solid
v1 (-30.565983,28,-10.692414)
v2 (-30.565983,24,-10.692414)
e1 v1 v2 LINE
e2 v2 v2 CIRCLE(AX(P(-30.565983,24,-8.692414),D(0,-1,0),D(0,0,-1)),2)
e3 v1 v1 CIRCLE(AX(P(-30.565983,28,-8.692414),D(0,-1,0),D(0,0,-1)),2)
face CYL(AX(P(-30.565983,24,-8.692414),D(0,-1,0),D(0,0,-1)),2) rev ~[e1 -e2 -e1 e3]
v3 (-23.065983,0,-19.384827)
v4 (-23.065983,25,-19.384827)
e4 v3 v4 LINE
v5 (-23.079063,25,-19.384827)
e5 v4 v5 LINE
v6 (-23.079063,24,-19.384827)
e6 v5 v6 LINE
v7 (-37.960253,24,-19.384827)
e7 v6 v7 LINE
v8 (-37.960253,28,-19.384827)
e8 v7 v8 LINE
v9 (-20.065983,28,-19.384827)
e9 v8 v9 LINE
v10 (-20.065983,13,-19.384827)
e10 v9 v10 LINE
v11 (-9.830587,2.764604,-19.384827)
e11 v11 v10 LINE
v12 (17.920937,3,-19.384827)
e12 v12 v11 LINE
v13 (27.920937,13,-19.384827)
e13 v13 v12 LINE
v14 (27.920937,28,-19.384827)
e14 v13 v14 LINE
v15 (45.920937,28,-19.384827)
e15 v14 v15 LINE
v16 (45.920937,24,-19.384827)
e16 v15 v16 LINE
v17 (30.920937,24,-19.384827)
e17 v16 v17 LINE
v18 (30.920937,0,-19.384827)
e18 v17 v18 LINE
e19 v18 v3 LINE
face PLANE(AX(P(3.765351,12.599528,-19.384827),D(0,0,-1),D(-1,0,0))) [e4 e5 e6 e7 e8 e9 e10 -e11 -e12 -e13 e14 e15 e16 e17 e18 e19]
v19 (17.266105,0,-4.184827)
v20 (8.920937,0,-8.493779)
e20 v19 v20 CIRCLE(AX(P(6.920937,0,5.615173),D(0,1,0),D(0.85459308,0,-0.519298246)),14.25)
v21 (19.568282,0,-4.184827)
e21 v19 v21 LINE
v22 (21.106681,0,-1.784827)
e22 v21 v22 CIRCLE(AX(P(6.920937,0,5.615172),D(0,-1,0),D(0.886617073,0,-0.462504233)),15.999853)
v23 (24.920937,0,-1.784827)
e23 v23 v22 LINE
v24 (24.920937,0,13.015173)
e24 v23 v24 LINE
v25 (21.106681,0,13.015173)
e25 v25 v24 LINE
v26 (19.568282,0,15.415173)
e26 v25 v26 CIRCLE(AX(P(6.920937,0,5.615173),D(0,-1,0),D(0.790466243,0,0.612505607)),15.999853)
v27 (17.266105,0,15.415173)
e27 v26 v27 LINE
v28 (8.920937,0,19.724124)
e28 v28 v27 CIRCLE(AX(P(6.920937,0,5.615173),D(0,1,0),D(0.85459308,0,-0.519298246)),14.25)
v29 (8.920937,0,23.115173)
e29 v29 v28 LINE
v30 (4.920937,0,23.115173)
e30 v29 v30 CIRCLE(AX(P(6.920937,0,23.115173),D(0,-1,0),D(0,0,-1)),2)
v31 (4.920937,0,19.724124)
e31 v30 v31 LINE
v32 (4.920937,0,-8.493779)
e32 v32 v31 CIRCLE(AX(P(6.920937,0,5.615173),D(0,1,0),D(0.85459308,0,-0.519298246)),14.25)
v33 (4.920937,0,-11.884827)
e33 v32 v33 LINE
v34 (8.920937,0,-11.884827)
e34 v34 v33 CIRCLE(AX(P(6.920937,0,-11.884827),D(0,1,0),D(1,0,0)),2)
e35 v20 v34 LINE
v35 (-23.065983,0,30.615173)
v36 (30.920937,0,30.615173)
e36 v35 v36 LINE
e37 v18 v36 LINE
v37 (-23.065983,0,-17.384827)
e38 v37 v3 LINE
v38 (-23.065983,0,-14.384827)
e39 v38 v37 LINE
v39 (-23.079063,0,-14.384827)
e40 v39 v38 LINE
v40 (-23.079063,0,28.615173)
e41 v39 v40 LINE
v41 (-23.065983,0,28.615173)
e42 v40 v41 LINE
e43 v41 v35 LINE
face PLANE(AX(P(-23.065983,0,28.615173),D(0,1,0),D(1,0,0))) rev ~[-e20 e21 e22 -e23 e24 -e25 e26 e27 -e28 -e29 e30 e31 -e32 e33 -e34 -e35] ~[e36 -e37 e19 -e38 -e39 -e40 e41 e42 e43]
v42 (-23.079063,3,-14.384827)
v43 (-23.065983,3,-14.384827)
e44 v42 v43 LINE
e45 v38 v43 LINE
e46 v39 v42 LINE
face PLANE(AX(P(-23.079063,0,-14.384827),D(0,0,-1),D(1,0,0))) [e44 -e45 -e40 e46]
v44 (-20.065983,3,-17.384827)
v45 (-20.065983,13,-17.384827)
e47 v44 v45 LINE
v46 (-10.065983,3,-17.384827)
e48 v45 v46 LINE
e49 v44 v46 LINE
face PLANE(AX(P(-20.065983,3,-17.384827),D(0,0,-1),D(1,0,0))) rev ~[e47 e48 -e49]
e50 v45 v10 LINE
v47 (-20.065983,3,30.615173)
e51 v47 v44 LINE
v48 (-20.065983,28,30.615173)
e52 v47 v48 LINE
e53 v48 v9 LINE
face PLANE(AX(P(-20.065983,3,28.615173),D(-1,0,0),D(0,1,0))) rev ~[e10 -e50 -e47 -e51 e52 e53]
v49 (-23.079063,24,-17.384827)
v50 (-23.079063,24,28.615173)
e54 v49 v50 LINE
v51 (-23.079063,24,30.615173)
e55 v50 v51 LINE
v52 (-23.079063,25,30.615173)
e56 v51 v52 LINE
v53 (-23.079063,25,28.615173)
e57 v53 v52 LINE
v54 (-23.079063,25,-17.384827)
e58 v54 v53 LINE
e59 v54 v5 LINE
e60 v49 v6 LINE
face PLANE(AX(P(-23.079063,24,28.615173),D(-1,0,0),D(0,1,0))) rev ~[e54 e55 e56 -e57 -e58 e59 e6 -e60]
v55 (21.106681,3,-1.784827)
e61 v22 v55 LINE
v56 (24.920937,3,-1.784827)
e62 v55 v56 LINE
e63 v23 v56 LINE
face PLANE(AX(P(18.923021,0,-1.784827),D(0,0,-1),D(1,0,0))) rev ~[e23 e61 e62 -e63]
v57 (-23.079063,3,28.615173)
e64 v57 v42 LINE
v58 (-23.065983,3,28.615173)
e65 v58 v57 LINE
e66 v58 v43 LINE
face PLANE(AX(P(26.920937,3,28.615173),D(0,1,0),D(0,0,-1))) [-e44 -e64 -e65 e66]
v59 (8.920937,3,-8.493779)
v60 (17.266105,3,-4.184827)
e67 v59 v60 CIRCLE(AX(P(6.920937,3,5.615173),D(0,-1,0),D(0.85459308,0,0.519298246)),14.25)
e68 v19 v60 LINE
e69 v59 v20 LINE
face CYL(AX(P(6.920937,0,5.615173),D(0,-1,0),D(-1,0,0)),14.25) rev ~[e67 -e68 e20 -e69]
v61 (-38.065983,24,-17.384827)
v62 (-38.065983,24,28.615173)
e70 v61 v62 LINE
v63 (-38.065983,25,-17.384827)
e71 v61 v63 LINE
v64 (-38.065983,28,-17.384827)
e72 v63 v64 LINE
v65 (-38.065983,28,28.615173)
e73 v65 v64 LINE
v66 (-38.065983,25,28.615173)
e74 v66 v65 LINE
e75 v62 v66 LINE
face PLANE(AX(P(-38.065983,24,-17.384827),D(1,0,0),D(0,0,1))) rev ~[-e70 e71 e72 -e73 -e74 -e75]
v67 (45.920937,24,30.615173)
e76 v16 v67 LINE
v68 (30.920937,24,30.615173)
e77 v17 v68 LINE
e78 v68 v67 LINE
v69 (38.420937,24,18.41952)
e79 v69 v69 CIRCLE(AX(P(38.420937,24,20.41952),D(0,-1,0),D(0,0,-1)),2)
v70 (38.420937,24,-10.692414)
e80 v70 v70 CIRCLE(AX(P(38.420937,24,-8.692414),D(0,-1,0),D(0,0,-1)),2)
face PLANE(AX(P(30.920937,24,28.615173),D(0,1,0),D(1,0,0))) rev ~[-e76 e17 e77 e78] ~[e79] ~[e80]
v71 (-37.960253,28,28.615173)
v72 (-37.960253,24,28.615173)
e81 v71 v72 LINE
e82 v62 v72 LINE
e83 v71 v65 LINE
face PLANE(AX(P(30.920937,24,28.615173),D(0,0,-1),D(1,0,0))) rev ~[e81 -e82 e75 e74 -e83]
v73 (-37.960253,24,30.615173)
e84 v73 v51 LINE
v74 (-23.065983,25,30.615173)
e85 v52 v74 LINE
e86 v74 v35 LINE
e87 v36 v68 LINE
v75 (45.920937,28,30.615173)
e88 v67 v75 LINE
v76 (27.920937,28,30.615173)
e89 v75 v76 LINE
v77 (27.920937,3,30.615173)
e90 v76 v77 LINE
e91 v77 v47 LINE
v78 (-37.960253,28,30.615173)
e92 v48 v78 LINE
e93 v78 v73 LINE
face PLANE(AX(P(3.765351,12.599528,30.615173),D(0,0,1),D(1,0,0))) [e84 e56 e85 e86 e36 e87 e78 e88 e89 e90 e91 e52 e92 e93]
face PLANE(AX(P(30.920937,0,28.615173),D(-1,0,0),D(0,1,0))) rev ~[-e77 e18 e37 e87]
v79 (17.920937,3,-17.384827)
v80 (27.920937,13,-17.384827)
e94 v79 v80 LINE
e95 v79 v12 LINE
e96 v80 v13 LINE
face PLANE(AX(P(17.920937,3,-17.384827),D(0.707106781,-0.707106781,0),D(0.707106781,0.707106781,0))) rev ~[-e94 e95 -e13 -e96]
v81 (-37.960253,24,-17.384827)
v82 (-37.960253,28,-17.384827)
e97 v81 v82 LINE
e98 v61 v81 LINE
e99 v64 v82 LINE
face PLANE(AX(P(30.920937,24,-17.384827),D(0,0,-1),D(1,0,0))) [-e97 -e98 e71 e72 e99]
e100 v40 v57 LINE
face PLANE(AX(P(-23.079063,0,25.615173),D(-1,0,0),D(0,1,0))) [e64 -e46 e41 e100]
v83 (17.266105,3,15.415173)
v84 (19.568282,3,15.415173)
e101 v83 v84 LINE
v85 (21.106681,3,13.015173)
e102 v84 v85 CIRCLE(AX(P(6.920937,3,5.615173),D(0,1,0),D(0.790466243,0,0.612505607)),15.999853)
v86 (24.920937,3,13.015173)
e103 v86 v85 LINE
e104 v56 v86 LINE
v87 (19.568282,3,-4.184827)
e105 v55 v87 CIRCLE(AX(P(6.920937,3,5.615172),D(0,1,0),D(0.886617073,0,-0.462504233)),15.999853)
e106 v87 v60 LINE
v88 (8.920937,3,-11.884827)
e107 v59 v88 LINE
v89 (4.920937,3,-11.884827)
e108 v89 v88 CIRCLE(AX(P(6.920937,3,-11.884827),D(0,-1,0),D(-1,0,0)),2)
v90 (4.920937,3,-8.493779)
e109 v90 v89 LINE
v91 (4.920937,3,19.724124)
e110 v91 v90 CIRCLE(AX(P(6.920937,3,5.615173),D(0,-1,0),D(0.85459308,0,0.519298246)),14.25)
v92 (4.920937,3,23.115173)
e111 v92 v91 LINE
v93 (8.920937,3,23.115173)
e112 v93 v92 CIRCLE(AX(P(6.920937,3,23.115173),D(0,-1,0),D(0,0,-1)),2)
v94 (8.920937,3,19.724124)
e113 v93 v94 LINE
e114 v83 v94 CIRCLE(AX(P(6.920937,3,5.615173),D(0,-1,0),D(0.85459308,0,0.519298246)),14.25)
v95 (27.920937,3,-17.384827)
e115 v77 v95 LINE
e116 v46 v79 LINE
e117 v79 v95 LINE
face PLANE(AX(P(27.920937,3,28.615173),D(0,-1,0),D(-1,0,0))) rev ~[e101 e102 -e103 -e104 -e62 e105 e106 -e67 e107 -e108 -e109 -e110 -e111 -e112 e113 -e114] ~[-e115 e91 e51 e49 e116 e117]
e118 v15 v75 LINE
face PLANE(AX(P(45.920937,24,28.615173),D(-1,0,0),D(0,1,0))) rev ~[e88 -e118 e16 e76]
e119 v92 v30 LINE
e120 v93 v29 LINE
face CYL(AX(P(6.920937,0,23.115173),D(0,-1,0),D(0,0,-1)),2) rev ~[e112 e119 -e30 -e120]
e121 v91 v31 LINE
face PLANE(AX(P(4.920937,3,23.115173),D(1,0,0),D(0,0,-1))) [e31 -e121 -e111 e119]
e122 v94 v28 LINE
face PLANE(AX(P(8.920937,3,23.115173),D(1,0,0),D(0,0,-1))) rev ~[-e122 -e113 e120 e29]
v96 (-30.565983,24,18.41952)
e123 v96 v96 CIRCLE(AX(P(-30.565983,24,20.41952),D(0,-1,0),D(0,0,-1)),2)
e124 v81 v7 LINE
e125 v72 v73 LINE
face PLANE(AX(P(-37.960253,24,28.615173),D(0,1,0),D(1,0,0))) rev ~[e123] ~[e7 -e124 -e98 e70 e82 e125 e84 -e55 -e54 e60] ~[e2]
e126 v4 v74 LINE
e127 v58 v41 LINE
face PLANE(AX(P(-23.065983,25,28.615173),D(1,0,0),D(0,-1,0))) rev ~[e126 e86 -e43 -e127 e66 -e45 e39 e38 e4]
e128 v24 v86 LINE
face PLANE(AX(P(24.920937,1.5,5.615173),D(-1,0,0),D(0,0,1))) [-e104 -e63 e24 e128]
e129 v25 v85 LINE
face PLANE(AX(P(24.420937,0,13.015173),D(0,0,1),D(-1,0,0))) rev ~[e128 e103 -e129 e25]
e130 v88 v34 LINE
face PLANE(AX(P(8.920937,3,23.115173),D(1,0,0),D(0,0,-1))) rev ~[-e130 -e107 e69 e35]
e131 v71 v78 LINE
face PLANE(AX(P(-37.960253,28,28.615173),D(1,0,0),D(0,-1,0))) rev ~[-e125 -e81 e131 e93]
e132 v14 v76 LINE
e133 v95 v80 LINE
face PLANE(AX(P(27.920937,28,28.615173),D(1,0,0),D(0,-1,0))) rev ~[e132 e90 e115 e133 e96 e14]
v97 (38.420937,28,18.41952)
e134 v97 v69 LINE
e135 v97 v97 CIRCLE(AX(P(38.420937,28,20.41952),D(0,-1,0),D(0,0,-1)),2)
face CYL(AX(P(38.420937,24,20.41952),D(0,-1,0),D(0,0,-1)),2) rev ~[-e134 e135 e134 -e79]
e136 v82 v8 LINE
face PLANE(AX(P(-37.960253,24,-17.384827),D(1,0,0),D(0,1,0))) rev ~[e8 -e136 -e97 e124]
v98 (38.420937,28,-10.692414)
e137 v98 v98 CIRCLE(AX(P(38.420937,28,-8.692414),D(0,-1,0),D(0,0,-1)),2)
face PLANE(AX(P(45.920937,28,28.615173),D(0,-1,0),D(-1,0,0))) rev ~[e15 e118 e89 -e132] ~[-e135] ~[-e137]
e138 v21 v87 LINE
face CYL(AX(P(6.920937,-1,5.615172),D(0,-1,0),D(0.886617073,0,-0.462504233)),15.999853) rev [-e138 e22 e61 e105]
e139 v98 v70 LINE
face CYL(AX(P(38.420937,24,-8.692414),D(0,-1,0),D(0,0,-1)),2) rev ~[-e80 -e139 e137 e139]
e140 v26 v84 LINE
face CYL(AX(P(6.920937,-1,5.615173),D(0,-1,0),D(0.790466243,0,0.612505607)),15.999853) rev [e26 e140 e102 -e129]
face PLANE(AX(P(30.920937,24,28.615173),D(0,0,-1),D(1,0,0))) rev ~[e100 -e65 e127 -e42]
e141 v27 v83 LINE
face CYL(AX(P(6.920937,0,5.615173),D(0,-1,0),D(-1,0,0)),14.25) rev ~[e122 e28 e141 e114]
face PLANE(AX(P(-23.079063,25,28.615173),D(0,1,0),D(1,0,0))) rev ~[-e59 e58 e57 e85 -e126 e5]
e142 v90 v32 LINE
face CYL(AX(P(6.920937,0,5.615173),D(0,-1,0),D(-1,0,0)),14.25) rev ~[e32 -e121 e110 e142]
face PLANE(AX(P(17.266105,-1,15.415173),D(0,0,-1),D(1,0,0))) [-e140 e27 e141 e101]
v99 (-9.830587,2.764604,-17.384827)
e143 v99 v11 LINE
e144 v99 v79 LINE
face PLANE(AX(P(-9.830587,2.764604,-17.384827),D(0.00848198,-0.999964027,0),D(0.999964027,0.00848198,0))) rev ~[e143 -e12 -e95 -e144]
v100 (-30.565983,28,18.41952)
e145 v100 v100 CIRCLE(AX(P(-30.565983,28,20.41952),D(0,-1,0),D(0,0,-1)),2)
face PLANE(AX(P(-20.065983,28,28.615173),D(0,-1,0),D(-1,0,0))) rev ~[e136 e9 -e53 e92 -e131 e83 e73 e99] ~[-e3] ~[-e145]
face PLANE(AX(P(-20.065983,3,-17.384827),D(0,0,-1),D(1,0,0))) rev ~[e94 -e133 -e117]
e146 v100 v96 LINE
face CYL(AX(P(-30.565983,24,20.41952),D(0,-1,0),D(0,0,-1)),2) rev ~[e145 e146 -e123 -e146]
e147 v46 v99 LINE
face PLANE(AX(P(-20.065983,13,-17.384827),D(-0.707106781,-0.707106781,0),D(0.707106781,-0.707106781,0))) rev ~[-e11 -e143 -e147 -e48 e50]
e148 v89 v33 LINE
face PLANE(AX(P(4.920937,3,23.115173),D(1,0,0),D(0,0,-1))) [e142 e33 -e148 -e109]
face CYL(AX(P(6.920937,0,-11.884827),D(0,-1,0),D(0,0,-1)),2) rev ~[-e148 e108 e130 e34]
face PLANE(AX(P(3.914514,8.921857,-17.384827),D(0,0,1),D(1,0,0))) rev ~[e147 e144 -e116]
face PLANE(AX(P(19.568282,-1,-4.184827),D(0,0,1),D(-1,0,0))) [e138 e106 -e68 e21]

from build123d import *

# Parameters (mm, degrees)
SKETCH1_W            = 50
SKETCH1_H            = 40
BOSS_EXTRUDE1_DEPTH  = 3
SKETCH6_R            = 2
CUT_EXTRUDE9_DEPTH   = 5
SKETCH16_W           = 14.8
SKETCH16_H           = 3
CUT_EXTRUDE10_DEPTH  = 0.5
SKETCH21_R           = 14.25
CUT_EXTRUDE15_DEPTH  = 4
CUT_EXTRUDE16_START  = -4
CUT_EXTRUDE16_DEPTH  = 4
SKETCH33_W           = 4
SKETCH33_H           = 35
CUT_EXTRUDE23_DEPTH  = 5
SKETCH34_W           = 49.986920535
SKETCH34_H           = 3
BOSS_EXTRUDE2_DEPTH  = 3
SKETCH35_W           = 50
SKETCH35_H           = 3
BOSS_EXTRUDE3_DEPTH  = 3
SKETCH36_W           = 46
SKETCH36_H           = 3
BOSS_EXTRUDE4_DEPTH  = 4
SKETCH38_W           = 3
SKETCH38_H           = 46
BOSS_EXTRUDE5_DEPTH  = 25
SKETCH39_W           = 45.535565308
SKETCH39_H           = 3
BOSS_EXTRUDE6_DEPTH  = 15
SKETCH40_W           = 46
SKETCH40_H           = 3
BOSS_EXTRUDE7_DEPTH  = 15
SKETCH41_W           = 0.464434692
SKETCH41_H           = 3
BOSS_EXTRUDE8_DEPTH  = 15
SKETCH42_R           = 2
CUT_EXTRUDE24_DEPTH  = 15
SKETCH43_R           = 2
CUT_EXTRUDE25_DEPTH  = 15
BOSS_EXTRUDE10_START = 1
SKETCH44_W           = 14.986920535
SKETCH44_H           = 46
SKETCH44_R           = 2
BOSS_EXTRUDE10_DEPTH = 1
BOSS_EXTRUDE11_START = 1
SKETCH46_W           = 15
SKETCH46_H           = 46
SKETCH46_R           = 2
BOSS_EXTRUDE11_DEPTH = 1
BOSS_EXTRUDE12_DEPTH = 2
BOSS_EXTRUDE13_DEPTH = 2
SKETCH49_W           = 47.986920535
SKETCH49_H           = 2
BOSS_EXTRUDE14_DEPTH = 10
CUT_EXTRUDE26_DEPTH  = 10


with BuildPart() as part:
    # Sketch1 → Boss-Extrude1 (new body)
    with BuildSketch(Plane(origin=(0, 0, 0), x_dir=(1, 0, 0), z_dir=(0, 1, 0))):
        with Locations((1.920937393, -5.615172506)):
            Rectangle(SKETCH1_W, SKETCH1_H)
    extrude(amount=BOSS_EXTRUDE1_DEPTH)

    # Sketch6 → Cut-Extrude9 (cut)
    with BuildSketch(Plane.XZ):
        with Locations(Location((6.920937393, 23.115172506, 0), (0, 0, 270))):
            Circle(SKETCH6_R)
        with Locations(Location((6.920937393, -11.884827494, 0), (0, 0, 270))):
            Circle(SKETCH6_R)
        with BuildLine():
            Line((24.420937393, 13.015172506), (18.923020545, 13.015172506))
            ThreePointArc((18.923020545, 13.015172506), (-7.179062607, 5.615172506), (18.923020545, -1.784827494))
            Line((18.923020545, -1.784827494), (24.420937393, -1.784827494))
            Line((24.420937393, -1.784827494), (24.420937393, 5.615172506))
            Line((24.420937393, 5.615172506), (24.420937393, 13.015172506))
        make_face()
    extrude(amount=-CUT_EXTRUDE9_DEPTH, mode=Mode.SUBTRACT)

    # Sketch16 → Cut-Extrude10 (cut)
    with BuildSketch(Plane.ZY.offset(-24.420937393)):
        with Locations((5.615172506, 1.5)):
            Rectangle(SKETCH16_W, SKETCH16_H)
    extrude(amount=-CUT_EXTRUDE10_DEPTH, mode=Mode.SUBTRACT)

    # Sketch21 → Cut-Extrude15 (cut)
    with BuildSketch(Plane(origin=(0, 0, 0), x_dir=(-1, 0, 0), z_dir=(0, -1, 0))):
        with Locations((-6.920937393, -5.615172506)):
            Circle(SKETCH21_R)
    extrude(amount=-CUT_EXTRUDE15_DEPTH, mode=Mode.SUBTRACT)

    # Sketch22 → Cut-Extrude16 (cut)
    with BuildSketch(Plane(origin=(0, 3, 0), x_dir=(1, 0, 0), z_dir=(0, 1, 0)).offset(CUT_EXTRUDE16_START)):
        with BuildLine():
            ThreePointArc((21.106680727, 1.784827494), (20.39103932, 3.019158274), (19.568281538, 4.184827494))
            Line((19.568281538, 4.184827494), (17.266105347, 4.184827494))
            ThreePointArc((17.266105347, 4.184827494), (18.246250908, 3.03351374), (19.09888878, 1.784827494))
            Line((19.09888878, 1.784827494), (21.106680727, 1.784827494))
        make_face()
        with BuildLine():
            Line((17.266105347, -15.415172506), (19.568281538, -15.415172506))
            ThreePointArc((19.568281538, -15.415172506), (20.39103932, -14.249503286), (21.106680727, -13.015172506))
            Line((21.106680727, -13.015172506), (19.09888878, -13.015172506))
            ThreePointArc((19.09888878, -13.015172506), (18.246250908, -14.263858752), (17.266105347, -15.415172506))
        make_face()
    extrude(amount=CUT_EXTRUDE16_DEPTH, mode=Mode.SUBTRACT)

    # Sketch33 → Cut-Extrude23 (cut)
    with BuildSketch(Plane(origin=(0, 3, 0), x_dir=(1, 0, 0), z_dir=(0, 1, 0))):
        with Locations((6.920937393, -5.615172506)):
            Rectangle(SKETCH33_W, SKETCH33_H)
    extrude(amount=-CUT_EXTRUDE23_DEPTH, mode=Mode.SUBTRACT)

    # Sketch34 → Boss-Extrude2 (add)
    with BuildSketch(Plane(origin=(0, 0, -14.384827494), x_dir=(-1, 0, 0), z_dir=(0, 0, -1))):
        with Locations((-1.927477126, 1.5)):
            Rectangle(SKETCH34_W, SKETCH34_H)
    extrude(amount=BOSS_EXTRUDE2_DEPTH)

    # Sketch35 → Boss-Extrude3 (add)
    with BuildSketch(Plane.XY.offset(25.615172506)):
        with Locations((1.920937393, 1.5)):
            Rectangle(SKETCH35_W, SKETCH35_H)
    extrude(amount=BOSS_EXTRUDE3_DEPTH)

    # Sketch36 → Boss-Extrude4 (add)
    with BuildSketch(Plane(origin=(26.920937393, 0, 0), x_dir=(0, 0, -1), z_dir=(1, 0, 0))):
        with Locations((-5.615172506, 1.5)):
            Rectangle(SKETCH36_W, SKETCH36_H)
    extrude(amount=BOSS_EXTRUDE4_DEPTH)

    # Sketch38 → Boss-Extrude5 (add)
    with BuildSketch(Plane(origin=(0, 3, 0), x_dir=(1, 0, 0), z_dir=(0, 1, 0))):
        with Locations((29.420937393, -5.615172506)):
            Rectangle(SKETCH38_W, SKETCH38_H)
        with Locations((-21.565983142, -5.615172506)):
            Rectangle(SKETCH38_W, SKETCH38_H)
    extrude(amount=BOSS_EXTRUDE5_DEPTH)

    # Sketch39 → Boss-Extrude6 (add)
    with BuildSketch(Plane.ZY.offset(23.065983142)):
        with Locations((5.38295516, 26.5)):
            Rectangle(SKETCH39_W, SKETCH39_H)
    extrude(amount=BOSS_EXTRUDE6_DEPTH)

    # Sketch40 → Boss-Extrude7 (add)
    with BuildSketch(Plane(origin=(30.920937393, 0, 0), x_dir=(0, 0, -1), z_dir=(1, 0, 0))):
        with Locations((-5.615172506, 26.5)):
            Rectangle(SKETCH40_W, SKETCH40_H)
    extrude(amount=BOSS_EXTRUDE7_DEPTH)

    # Sketch41 → Boss-Extrude8 (add)
    with BuildSketch(Plane.ZY.offset(23.065983142)):
        with Locations((28.38295516, 26.5)):
            Rectangle(SKETCH41_W, SKETCH41_H)
    extrude(amount=BOSS_EXTRUDE8_DEPTH)

    # Sketch42 → Cut-Extrude24 (cut)
    with BuildSketch(Plane.XZ.offset(-25)):
        with Locations(Location((38.420937393, 20.419520332, 0), (0, 0, 270))):
            Circle(SKETCH42_R)
        with Locations(Location((38.420937393, -8.692413747, 0), (0, 0, 270))):
            Circle(SKETCH42_R)
    extrude(amount=-CUT_EXTRUDE24_DEPTH, mode=Mode.SUBTRACT)

    # Sketch43 → Cut-Extrude25 (cut)
    with BuildSketch(Plane.XZ.offset(-25)):
        with Locations(Location((-30.565983142, 20.419520332, 0), (0, 0, 270))):
            Circle(SKETCH43_R)
        with Locations(Location((-30.565983142, -8.692413747, 0), (0, 0, 270))):
            Circle(SKETCH43_R)
    extrude(amount=-CUT_EXTRUDE25_DEPTH, mode=Mode.SUBTRACT)

    # Sketch44 → Boss-Extrude10 (add)
    with BuildSketch(Plane.XZ.offset(-25).offset(BOSS_EXTRUDE10_START)):
        with Locations((-30.572522875, 5.615172506)):
            Rectangle(SKETCH44_W, SKETCH44_H)
        with Locations(Location((-30.565983142, -8.692413747, 0), (0, 0, 270))):
            Circle(SKETCH44_R, mode=Mode.SUBTRACT)
        with Locations(Location((-30.565983142, 20.419520332, 0), (0, 0, 270))):
            Circle(SKETCH44_R, mode=Mode.SUBTRACT)
    extrude(amount=-BOSS_EXTRUDE10_DEPTH)

    # Sketch46 → Boss-Extrude11 (add)
    with BuildSketch(Plane.XZ.offset(-25).offset(BOSS_EXTRUDE11_START)):
        with Locations((38.420937393, 5.615172506)):
            Rectangle(SKETCH46_W, SKETCH46_H)
        with Locations(Location((38.420937393, -8.692413747, 0), (0, 0, 270))):
            Circle(SKETCH46_R, mode=Mode.SUBTRACT)
        with Locations(Location((38.420937393, 20.419520332, 0), (0, 0, 270))):
            Circle(SKETCH46_R, mode=Mode.SUBTRACT)
    extrude(amount=-BOSS_EXTRUDE11_DEPTH)

    # Sketch47 → Boss-Extrude12 (add)
    with BuildSketch(Plane(origin=(0, 0, -17.384827494), x_dir=(-1, 0, 0), z_dir=(0, 0, -1))):
        Polygon((-27.920937393, 28), (-45.920937393, 28), (-45.920937393, 24), (-30.920937393, 24), (-30.920937393, 0), (23.065983142, 0), (23.065983142, 3), (23.065983142, 25), (23.079062607, 25), (23.079062607, 24), (37.960253495, 24), (37.960253495, 28), (20.065983142, 28), (20.065983142, 3), (-27.920937393, 3), align=None)
    extrude(amount=BOSS_EXTRUDE12_DEPTH)

    # Sketch48 → Boss-Extrude13 (add)
    with BuildSketch(Plane.XY.offset(28.615172506)):
        Polygon((-20.065983142, 28), (-37.960253495, 28), (-37.960253495, 24), (-23.079062607, 24), (-23.079062607, 25), (-23.065983142, 25), (-23.065983142, 3), (-23.065983142, 0), (30.920937393, 0), (30.920937393, 24), (45.920937393, 24), (45.920937393, 28), (27.920937393, 28), (27.920937393, 3), (-20.065983142, 3), align=None)
    extrude(amount=BOSS_EXTRUDE13_DEPTH)

    # Sketch49 → Boss-Extrude14 (add)
    with BuildSketch(Plane(origin=(0, 3, 0), x_dir=(1, 0, 0), z_dir=(0, 1, 0))):
        with Locations((3.927477126, 18.384827494)):
            Rectangle(SKETCH49_W, SKETCH49_H)
    extrude(amount=BOSS_EXTRUDE14_DEPTH)

    # Sketch50 → Cut-Extrude26 (cut)
    with BuildSketch(Plane.XY.offset(-17.384827494)):
        Polygon((-20.065983142, 13), (-9.830586805, 2.764603663), (17.920937393, 3), (27.920937393, 13), align=None)
    extrude(amount=-CUT_EXTRUDE26_DEPTH, mode=Mode.SUBTRACT)


solid = part.part
